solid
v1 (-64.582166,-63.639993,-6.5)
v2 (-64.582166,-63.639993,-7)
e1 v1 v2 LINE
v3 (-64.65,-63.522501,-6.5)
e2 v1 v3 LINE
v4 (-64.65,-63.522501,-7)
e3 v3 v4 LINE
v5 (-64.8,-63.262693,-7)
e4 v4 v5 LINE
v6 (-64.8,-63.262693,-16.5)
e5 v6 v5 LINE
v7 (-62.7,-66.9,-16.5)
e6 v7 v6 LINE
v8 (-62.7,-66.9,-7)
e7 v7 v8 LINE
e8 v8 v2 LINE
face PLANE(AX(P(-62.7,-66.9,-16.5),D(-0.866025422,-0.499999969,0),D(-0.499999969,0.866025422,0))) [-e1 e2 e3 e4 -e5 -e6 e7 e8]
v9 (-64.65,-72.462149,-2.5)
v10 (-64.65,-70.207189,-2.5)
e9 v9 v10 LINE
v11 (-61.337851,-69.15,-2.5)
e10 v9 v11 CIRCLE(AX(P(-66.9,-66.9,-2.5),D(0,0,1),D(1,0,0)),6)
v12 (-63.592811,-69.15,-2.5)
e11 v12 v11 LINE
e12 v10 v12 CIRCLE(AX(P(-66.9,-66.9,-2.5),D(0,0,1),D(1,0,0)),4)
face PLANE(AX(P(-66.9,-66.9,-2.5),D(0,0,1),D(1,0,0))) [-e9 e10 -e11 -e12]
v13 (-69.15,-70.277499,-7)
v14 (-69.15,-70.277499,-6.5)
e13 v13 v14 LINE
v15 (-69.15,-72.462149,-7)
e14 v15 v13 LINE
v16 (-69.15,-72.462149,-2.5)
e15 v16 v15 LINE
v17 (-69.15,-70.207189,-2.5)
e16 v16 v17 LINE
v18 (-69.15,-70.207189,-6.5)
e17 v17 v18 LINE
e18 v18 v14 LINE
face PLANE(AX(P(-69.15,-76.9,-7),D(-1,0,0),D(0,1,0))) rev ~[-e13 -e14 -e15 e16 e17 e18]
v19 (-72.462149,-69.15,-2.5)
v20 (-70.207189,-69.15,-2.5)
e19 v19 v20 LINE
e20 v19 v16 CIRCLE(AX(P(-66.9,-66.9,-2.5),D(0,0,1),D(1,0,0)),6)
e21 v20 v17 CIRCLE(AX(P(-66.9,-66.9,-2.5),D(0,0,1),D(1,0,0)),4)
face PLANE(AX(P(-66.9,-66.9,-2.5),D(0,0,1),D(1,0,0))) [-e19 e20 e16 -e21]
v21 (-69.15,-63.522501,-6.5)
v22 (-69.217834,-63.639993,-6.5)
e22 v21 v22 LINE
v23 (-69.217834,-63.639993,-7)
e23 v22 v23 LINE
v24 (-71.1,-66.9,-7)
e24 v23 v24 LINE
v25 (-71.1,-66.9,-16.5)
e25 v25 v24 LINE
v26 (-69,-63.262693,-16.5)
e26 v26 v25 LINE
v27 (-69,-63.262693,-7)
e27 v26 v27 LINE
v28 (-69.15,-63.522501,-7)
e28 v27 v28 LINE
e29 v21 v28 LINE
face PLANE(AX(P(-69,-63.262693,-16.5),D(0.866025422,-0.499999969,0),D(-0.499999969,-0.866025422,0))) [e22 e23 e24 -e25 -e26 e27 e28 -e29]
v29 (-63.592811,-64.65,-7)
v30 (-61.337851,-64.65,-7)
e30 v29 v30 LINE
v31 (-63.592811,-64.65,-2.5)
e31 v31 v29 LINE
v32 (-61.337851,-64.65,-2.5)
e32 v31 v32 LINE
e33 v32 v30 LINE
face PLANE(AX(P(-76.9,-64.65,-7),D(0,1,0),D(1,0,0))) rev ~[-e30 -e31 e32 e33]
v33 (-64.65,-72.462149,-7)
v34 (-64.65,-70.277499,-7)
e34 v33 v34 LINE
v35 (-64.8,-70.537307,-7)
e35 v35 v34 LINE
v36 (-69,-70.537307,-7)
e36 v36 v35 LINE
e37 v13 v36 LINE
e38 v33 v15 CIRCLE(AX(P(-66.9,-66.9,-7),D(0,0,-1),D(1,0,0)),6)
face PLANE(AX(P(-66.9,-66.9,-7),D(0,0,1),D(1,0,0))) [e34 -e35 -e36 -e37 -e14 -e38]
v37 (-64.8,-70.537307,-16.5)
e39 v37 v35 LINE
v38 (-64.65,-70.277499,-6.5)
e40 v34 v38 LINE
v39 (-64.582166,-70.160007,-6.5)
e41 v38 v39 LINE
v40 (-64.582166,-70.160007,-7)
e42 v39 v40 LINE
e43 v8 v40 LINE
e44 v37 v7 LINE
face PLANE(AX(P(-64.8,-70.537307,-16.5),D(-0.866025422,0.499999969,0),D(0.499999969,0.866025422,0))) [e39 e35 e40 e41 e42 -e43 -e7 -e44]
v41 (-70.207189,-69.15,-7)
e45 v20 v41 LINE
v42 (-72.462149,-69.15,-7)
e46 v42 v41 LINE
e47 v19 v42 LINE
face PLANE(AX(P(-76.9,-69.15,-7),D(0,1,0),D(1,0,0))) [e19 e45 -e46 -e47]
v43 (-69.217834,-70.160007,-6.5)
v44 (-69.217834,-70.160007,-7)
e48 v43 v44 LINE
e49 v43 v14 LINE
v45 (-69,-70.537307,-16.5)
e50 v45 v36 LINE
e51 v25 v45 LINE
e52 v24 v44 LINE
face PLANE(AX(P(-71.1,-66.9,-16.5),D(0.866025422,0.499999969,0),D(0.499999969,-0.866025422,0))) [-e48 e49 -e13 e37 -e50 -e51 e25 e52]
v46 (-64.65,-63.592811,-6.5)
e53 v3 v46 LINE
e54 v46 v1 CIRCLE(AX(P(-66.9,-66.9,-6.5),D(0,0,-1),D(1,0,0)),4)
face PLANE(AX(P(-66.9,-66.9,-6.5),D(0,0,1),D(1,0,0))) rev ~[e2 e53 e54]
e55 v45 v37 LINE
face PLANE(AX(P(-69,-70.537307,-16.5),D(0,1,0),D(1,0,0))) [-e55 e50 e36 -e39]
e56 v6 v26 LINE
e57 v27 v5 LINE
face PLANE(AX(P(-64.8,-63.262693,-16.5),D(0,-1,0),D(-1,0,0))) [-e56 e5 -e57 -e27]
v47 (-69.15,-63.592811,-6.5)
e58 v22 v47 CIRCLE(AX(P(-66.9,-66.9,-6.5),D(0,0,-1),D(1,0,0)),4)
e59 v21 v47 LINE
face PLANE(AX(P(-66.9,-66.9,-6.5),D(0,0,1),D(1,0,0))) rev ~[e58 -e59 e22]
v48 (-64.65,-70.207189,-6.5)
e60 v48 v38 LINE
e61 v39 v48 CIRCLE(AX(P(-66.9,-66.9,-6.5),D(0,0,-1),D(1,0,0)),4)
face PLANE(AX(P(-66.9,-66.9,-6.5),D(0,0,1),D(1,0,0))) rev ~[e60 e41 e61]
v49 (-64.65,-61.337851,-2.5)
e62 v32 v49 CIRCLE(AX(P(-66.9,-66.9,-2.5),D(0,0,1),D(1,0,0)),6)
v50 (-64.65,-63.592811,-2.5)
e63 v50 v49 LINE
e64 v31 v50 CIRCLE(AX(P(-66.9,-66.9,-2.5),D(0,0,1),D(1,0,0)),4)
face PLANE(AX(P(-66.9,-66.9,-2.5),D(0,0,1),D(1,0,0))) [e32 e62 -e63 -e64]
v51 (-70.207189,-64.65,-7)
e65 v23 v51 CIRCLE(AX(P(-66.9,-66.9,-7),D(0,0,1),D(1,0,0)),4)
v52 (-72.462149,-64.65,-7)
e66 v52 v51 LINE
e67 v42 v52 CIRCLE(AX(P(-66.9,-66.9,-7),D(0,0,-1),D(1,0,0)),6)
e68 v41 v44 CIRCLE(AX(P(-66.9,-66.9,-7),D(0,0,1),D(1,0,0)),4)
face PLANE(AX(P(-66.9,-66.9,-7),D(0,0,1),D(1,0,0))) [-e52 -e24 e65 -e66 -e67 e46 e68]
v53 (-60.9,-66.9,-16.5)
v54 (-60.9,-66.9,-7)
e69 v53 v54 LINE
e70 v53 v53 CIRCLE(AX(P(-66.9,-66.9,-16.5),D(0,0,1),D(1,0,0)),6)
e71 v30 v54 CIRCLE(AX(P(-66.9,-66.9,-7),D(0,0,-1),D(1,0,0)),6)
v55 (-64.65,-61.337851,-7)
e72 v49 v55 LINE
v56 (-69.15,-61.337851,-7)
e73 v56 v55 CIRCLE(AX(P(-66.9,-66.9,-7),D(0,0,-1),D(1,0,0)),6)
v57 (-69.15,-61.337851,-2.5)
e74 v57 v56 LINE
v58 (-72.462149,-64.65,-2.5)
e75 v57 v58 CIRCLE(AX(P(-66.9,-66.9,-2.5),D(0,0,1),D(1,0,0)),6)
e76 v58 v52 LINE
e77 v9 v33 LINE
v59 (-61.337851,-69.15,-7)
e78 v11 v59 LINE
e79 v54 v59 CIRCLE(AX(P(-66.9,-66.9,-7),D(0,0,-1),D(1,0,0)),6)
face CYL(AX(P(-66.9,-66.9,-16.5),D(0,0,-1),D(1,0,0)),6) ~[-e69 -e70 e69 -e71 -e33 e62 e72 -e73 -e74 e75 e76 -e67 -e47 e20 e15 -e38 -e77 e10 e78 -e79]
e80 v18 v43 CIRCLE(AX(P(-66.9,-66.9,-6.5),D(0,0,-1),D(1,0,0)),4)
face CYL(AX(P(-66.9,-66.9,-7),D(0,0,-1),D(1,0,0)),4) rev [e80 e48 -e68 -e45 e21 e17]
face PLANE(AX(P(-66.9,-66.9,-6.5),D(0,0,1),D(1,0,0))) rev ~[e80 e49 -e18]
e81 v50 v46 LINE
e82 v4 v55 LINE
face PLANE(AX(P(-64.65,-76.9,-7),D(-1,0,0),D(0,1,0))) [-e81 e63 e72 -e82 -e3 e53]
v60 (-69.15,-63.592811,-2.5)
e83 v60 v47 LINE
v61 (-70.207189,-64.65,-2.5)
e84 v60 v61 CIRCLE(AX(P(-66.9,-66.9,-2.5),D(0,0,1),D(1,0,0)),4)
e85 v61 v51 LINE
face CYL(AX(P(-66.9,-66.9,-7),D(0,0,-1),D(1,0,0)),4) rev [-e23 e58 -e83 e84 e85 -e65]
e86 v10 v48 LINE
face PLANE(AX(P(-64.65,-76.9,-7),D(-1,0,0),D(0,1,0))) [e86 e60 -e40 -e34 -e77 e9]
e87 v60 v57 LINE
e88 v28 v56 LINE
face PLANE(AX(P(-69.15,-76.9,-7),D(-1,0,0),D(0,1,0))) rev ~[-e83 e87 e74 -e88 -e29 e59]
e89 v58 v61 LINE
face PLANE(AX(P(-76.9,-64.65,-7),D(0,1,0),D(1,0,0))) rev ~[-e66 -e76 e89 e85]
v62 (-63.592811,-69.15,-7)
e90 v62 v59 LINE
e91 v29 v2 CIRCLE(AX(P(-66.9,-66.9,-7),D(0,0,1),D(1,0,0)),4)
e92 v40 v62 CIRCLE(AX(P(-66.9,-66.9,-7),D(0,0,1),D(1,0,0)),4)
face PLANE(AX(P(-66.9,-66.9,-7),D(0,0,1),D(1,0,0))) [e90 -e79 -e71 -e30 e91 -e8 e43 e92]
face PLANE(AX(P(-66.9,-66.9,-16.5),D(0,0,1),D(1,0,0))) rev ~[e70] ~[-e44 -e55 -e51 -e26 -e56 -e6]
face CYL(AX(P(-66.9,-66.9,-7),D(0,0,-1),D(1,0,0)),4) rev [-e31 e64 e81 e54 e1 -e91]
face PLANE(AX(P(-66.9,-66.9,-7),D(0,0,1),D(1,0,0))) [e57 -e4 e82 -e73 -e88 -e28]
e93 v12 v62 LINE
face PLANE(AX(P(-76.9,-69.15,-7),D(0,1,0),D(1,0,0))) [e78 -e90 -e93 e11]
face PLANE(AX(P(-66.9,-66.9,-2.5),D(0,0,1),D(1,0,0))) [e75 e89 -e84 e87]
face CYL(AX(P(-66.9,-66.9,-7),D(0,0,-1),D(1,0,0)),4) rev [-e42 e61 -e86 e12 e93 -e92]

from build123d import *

# Parameters (mm, degrees)
CYLINDER019_R     = 4
CYLINDER019_DEPTH = 4.5
CUBE028_W         = 20
CUBE028_H         = 4.5
CUBE028_DEPTH     = 4.5
CUBE029_W         = 4.5
CUBE029_H         = 20
CUBE029_DEPTH     = 4.5
PRISM022_DEPTH    = 10
CYLINDER018_R     = 6
CYLINDER018_DEPTH = 14


with BuildPart() as cylinder019:
    # cylinder019 → cylinder019 (new body)
    with BuildSketch(Plane(origin=(-66.9, -66.9, -7), x_dir=(1, 0, 0), z_dir=(0, 0, 1))):
        Circle(CYLINDER019_R)
    extrude(amount=CYLINDER019_DEPTH)


with BuildPart() as cube028:
    # cube028 → cube028 (new body)
    with BuildSketch(Plane(origin=(-76.9, -69.15, -7), x_dir=(1, 0, 0), z_dir=(0, 0, 1))):
        with Locations((10, 2.25)):
            Rectangle(CUBE028_W, CUBE028_H)
    extrude(amount=CUBE028_DEPTH)


with BuildPart() as cube029:
    # cube029 → cube029 (new body)
    with BuildSketch(Plane(origin=(-69.15, -76.9, -7), x_dir=(1, 0, 0), z_dir=(0, 0, 1))):
        with Locations((2.25, 10)):
            Rectangle(CUBE029_W, CUBE029_H)
    extrude(amount=CUBE029_DEPTH)


with BuildPart() as group012:
    # prism022 → prism022 (new body)
    with BuildSketch(Plane(origin=(-66.9, -66.9, -16.5), x_dir=(1, 0, 0), z_dir=(0, 0, 1))):
        Polygon((4.2, 0), (2.1, 3.637307), (-2.1, 3.637307), (-4.2, 0), (-2.1, -3.637307), (2.1, -3.637307), align=None)
    extrude(amount=PRISM022_DEPTH)

    # Group012: union cylinder019, cube028, cube029
    add(cylinder019.part)
    add(cube028.part)
    add(cube029.part)


with BuildPart() as nut001:
    # cylinder018 → cylinder018 (new body)
    with BuildSketch(Plane(origin=(-66.9, -66.9, -16.5), x_dir=(1, 0, 0), z_dir=(0, 0, 1))):
        Circle(CYLINDER018_R)
    extrude(amount=CYLINDER018_DEPTH)

    # difference007: cut Group012
    add(group012.part, mode=Mode.SUBTRACT)


solid = nut001.part
